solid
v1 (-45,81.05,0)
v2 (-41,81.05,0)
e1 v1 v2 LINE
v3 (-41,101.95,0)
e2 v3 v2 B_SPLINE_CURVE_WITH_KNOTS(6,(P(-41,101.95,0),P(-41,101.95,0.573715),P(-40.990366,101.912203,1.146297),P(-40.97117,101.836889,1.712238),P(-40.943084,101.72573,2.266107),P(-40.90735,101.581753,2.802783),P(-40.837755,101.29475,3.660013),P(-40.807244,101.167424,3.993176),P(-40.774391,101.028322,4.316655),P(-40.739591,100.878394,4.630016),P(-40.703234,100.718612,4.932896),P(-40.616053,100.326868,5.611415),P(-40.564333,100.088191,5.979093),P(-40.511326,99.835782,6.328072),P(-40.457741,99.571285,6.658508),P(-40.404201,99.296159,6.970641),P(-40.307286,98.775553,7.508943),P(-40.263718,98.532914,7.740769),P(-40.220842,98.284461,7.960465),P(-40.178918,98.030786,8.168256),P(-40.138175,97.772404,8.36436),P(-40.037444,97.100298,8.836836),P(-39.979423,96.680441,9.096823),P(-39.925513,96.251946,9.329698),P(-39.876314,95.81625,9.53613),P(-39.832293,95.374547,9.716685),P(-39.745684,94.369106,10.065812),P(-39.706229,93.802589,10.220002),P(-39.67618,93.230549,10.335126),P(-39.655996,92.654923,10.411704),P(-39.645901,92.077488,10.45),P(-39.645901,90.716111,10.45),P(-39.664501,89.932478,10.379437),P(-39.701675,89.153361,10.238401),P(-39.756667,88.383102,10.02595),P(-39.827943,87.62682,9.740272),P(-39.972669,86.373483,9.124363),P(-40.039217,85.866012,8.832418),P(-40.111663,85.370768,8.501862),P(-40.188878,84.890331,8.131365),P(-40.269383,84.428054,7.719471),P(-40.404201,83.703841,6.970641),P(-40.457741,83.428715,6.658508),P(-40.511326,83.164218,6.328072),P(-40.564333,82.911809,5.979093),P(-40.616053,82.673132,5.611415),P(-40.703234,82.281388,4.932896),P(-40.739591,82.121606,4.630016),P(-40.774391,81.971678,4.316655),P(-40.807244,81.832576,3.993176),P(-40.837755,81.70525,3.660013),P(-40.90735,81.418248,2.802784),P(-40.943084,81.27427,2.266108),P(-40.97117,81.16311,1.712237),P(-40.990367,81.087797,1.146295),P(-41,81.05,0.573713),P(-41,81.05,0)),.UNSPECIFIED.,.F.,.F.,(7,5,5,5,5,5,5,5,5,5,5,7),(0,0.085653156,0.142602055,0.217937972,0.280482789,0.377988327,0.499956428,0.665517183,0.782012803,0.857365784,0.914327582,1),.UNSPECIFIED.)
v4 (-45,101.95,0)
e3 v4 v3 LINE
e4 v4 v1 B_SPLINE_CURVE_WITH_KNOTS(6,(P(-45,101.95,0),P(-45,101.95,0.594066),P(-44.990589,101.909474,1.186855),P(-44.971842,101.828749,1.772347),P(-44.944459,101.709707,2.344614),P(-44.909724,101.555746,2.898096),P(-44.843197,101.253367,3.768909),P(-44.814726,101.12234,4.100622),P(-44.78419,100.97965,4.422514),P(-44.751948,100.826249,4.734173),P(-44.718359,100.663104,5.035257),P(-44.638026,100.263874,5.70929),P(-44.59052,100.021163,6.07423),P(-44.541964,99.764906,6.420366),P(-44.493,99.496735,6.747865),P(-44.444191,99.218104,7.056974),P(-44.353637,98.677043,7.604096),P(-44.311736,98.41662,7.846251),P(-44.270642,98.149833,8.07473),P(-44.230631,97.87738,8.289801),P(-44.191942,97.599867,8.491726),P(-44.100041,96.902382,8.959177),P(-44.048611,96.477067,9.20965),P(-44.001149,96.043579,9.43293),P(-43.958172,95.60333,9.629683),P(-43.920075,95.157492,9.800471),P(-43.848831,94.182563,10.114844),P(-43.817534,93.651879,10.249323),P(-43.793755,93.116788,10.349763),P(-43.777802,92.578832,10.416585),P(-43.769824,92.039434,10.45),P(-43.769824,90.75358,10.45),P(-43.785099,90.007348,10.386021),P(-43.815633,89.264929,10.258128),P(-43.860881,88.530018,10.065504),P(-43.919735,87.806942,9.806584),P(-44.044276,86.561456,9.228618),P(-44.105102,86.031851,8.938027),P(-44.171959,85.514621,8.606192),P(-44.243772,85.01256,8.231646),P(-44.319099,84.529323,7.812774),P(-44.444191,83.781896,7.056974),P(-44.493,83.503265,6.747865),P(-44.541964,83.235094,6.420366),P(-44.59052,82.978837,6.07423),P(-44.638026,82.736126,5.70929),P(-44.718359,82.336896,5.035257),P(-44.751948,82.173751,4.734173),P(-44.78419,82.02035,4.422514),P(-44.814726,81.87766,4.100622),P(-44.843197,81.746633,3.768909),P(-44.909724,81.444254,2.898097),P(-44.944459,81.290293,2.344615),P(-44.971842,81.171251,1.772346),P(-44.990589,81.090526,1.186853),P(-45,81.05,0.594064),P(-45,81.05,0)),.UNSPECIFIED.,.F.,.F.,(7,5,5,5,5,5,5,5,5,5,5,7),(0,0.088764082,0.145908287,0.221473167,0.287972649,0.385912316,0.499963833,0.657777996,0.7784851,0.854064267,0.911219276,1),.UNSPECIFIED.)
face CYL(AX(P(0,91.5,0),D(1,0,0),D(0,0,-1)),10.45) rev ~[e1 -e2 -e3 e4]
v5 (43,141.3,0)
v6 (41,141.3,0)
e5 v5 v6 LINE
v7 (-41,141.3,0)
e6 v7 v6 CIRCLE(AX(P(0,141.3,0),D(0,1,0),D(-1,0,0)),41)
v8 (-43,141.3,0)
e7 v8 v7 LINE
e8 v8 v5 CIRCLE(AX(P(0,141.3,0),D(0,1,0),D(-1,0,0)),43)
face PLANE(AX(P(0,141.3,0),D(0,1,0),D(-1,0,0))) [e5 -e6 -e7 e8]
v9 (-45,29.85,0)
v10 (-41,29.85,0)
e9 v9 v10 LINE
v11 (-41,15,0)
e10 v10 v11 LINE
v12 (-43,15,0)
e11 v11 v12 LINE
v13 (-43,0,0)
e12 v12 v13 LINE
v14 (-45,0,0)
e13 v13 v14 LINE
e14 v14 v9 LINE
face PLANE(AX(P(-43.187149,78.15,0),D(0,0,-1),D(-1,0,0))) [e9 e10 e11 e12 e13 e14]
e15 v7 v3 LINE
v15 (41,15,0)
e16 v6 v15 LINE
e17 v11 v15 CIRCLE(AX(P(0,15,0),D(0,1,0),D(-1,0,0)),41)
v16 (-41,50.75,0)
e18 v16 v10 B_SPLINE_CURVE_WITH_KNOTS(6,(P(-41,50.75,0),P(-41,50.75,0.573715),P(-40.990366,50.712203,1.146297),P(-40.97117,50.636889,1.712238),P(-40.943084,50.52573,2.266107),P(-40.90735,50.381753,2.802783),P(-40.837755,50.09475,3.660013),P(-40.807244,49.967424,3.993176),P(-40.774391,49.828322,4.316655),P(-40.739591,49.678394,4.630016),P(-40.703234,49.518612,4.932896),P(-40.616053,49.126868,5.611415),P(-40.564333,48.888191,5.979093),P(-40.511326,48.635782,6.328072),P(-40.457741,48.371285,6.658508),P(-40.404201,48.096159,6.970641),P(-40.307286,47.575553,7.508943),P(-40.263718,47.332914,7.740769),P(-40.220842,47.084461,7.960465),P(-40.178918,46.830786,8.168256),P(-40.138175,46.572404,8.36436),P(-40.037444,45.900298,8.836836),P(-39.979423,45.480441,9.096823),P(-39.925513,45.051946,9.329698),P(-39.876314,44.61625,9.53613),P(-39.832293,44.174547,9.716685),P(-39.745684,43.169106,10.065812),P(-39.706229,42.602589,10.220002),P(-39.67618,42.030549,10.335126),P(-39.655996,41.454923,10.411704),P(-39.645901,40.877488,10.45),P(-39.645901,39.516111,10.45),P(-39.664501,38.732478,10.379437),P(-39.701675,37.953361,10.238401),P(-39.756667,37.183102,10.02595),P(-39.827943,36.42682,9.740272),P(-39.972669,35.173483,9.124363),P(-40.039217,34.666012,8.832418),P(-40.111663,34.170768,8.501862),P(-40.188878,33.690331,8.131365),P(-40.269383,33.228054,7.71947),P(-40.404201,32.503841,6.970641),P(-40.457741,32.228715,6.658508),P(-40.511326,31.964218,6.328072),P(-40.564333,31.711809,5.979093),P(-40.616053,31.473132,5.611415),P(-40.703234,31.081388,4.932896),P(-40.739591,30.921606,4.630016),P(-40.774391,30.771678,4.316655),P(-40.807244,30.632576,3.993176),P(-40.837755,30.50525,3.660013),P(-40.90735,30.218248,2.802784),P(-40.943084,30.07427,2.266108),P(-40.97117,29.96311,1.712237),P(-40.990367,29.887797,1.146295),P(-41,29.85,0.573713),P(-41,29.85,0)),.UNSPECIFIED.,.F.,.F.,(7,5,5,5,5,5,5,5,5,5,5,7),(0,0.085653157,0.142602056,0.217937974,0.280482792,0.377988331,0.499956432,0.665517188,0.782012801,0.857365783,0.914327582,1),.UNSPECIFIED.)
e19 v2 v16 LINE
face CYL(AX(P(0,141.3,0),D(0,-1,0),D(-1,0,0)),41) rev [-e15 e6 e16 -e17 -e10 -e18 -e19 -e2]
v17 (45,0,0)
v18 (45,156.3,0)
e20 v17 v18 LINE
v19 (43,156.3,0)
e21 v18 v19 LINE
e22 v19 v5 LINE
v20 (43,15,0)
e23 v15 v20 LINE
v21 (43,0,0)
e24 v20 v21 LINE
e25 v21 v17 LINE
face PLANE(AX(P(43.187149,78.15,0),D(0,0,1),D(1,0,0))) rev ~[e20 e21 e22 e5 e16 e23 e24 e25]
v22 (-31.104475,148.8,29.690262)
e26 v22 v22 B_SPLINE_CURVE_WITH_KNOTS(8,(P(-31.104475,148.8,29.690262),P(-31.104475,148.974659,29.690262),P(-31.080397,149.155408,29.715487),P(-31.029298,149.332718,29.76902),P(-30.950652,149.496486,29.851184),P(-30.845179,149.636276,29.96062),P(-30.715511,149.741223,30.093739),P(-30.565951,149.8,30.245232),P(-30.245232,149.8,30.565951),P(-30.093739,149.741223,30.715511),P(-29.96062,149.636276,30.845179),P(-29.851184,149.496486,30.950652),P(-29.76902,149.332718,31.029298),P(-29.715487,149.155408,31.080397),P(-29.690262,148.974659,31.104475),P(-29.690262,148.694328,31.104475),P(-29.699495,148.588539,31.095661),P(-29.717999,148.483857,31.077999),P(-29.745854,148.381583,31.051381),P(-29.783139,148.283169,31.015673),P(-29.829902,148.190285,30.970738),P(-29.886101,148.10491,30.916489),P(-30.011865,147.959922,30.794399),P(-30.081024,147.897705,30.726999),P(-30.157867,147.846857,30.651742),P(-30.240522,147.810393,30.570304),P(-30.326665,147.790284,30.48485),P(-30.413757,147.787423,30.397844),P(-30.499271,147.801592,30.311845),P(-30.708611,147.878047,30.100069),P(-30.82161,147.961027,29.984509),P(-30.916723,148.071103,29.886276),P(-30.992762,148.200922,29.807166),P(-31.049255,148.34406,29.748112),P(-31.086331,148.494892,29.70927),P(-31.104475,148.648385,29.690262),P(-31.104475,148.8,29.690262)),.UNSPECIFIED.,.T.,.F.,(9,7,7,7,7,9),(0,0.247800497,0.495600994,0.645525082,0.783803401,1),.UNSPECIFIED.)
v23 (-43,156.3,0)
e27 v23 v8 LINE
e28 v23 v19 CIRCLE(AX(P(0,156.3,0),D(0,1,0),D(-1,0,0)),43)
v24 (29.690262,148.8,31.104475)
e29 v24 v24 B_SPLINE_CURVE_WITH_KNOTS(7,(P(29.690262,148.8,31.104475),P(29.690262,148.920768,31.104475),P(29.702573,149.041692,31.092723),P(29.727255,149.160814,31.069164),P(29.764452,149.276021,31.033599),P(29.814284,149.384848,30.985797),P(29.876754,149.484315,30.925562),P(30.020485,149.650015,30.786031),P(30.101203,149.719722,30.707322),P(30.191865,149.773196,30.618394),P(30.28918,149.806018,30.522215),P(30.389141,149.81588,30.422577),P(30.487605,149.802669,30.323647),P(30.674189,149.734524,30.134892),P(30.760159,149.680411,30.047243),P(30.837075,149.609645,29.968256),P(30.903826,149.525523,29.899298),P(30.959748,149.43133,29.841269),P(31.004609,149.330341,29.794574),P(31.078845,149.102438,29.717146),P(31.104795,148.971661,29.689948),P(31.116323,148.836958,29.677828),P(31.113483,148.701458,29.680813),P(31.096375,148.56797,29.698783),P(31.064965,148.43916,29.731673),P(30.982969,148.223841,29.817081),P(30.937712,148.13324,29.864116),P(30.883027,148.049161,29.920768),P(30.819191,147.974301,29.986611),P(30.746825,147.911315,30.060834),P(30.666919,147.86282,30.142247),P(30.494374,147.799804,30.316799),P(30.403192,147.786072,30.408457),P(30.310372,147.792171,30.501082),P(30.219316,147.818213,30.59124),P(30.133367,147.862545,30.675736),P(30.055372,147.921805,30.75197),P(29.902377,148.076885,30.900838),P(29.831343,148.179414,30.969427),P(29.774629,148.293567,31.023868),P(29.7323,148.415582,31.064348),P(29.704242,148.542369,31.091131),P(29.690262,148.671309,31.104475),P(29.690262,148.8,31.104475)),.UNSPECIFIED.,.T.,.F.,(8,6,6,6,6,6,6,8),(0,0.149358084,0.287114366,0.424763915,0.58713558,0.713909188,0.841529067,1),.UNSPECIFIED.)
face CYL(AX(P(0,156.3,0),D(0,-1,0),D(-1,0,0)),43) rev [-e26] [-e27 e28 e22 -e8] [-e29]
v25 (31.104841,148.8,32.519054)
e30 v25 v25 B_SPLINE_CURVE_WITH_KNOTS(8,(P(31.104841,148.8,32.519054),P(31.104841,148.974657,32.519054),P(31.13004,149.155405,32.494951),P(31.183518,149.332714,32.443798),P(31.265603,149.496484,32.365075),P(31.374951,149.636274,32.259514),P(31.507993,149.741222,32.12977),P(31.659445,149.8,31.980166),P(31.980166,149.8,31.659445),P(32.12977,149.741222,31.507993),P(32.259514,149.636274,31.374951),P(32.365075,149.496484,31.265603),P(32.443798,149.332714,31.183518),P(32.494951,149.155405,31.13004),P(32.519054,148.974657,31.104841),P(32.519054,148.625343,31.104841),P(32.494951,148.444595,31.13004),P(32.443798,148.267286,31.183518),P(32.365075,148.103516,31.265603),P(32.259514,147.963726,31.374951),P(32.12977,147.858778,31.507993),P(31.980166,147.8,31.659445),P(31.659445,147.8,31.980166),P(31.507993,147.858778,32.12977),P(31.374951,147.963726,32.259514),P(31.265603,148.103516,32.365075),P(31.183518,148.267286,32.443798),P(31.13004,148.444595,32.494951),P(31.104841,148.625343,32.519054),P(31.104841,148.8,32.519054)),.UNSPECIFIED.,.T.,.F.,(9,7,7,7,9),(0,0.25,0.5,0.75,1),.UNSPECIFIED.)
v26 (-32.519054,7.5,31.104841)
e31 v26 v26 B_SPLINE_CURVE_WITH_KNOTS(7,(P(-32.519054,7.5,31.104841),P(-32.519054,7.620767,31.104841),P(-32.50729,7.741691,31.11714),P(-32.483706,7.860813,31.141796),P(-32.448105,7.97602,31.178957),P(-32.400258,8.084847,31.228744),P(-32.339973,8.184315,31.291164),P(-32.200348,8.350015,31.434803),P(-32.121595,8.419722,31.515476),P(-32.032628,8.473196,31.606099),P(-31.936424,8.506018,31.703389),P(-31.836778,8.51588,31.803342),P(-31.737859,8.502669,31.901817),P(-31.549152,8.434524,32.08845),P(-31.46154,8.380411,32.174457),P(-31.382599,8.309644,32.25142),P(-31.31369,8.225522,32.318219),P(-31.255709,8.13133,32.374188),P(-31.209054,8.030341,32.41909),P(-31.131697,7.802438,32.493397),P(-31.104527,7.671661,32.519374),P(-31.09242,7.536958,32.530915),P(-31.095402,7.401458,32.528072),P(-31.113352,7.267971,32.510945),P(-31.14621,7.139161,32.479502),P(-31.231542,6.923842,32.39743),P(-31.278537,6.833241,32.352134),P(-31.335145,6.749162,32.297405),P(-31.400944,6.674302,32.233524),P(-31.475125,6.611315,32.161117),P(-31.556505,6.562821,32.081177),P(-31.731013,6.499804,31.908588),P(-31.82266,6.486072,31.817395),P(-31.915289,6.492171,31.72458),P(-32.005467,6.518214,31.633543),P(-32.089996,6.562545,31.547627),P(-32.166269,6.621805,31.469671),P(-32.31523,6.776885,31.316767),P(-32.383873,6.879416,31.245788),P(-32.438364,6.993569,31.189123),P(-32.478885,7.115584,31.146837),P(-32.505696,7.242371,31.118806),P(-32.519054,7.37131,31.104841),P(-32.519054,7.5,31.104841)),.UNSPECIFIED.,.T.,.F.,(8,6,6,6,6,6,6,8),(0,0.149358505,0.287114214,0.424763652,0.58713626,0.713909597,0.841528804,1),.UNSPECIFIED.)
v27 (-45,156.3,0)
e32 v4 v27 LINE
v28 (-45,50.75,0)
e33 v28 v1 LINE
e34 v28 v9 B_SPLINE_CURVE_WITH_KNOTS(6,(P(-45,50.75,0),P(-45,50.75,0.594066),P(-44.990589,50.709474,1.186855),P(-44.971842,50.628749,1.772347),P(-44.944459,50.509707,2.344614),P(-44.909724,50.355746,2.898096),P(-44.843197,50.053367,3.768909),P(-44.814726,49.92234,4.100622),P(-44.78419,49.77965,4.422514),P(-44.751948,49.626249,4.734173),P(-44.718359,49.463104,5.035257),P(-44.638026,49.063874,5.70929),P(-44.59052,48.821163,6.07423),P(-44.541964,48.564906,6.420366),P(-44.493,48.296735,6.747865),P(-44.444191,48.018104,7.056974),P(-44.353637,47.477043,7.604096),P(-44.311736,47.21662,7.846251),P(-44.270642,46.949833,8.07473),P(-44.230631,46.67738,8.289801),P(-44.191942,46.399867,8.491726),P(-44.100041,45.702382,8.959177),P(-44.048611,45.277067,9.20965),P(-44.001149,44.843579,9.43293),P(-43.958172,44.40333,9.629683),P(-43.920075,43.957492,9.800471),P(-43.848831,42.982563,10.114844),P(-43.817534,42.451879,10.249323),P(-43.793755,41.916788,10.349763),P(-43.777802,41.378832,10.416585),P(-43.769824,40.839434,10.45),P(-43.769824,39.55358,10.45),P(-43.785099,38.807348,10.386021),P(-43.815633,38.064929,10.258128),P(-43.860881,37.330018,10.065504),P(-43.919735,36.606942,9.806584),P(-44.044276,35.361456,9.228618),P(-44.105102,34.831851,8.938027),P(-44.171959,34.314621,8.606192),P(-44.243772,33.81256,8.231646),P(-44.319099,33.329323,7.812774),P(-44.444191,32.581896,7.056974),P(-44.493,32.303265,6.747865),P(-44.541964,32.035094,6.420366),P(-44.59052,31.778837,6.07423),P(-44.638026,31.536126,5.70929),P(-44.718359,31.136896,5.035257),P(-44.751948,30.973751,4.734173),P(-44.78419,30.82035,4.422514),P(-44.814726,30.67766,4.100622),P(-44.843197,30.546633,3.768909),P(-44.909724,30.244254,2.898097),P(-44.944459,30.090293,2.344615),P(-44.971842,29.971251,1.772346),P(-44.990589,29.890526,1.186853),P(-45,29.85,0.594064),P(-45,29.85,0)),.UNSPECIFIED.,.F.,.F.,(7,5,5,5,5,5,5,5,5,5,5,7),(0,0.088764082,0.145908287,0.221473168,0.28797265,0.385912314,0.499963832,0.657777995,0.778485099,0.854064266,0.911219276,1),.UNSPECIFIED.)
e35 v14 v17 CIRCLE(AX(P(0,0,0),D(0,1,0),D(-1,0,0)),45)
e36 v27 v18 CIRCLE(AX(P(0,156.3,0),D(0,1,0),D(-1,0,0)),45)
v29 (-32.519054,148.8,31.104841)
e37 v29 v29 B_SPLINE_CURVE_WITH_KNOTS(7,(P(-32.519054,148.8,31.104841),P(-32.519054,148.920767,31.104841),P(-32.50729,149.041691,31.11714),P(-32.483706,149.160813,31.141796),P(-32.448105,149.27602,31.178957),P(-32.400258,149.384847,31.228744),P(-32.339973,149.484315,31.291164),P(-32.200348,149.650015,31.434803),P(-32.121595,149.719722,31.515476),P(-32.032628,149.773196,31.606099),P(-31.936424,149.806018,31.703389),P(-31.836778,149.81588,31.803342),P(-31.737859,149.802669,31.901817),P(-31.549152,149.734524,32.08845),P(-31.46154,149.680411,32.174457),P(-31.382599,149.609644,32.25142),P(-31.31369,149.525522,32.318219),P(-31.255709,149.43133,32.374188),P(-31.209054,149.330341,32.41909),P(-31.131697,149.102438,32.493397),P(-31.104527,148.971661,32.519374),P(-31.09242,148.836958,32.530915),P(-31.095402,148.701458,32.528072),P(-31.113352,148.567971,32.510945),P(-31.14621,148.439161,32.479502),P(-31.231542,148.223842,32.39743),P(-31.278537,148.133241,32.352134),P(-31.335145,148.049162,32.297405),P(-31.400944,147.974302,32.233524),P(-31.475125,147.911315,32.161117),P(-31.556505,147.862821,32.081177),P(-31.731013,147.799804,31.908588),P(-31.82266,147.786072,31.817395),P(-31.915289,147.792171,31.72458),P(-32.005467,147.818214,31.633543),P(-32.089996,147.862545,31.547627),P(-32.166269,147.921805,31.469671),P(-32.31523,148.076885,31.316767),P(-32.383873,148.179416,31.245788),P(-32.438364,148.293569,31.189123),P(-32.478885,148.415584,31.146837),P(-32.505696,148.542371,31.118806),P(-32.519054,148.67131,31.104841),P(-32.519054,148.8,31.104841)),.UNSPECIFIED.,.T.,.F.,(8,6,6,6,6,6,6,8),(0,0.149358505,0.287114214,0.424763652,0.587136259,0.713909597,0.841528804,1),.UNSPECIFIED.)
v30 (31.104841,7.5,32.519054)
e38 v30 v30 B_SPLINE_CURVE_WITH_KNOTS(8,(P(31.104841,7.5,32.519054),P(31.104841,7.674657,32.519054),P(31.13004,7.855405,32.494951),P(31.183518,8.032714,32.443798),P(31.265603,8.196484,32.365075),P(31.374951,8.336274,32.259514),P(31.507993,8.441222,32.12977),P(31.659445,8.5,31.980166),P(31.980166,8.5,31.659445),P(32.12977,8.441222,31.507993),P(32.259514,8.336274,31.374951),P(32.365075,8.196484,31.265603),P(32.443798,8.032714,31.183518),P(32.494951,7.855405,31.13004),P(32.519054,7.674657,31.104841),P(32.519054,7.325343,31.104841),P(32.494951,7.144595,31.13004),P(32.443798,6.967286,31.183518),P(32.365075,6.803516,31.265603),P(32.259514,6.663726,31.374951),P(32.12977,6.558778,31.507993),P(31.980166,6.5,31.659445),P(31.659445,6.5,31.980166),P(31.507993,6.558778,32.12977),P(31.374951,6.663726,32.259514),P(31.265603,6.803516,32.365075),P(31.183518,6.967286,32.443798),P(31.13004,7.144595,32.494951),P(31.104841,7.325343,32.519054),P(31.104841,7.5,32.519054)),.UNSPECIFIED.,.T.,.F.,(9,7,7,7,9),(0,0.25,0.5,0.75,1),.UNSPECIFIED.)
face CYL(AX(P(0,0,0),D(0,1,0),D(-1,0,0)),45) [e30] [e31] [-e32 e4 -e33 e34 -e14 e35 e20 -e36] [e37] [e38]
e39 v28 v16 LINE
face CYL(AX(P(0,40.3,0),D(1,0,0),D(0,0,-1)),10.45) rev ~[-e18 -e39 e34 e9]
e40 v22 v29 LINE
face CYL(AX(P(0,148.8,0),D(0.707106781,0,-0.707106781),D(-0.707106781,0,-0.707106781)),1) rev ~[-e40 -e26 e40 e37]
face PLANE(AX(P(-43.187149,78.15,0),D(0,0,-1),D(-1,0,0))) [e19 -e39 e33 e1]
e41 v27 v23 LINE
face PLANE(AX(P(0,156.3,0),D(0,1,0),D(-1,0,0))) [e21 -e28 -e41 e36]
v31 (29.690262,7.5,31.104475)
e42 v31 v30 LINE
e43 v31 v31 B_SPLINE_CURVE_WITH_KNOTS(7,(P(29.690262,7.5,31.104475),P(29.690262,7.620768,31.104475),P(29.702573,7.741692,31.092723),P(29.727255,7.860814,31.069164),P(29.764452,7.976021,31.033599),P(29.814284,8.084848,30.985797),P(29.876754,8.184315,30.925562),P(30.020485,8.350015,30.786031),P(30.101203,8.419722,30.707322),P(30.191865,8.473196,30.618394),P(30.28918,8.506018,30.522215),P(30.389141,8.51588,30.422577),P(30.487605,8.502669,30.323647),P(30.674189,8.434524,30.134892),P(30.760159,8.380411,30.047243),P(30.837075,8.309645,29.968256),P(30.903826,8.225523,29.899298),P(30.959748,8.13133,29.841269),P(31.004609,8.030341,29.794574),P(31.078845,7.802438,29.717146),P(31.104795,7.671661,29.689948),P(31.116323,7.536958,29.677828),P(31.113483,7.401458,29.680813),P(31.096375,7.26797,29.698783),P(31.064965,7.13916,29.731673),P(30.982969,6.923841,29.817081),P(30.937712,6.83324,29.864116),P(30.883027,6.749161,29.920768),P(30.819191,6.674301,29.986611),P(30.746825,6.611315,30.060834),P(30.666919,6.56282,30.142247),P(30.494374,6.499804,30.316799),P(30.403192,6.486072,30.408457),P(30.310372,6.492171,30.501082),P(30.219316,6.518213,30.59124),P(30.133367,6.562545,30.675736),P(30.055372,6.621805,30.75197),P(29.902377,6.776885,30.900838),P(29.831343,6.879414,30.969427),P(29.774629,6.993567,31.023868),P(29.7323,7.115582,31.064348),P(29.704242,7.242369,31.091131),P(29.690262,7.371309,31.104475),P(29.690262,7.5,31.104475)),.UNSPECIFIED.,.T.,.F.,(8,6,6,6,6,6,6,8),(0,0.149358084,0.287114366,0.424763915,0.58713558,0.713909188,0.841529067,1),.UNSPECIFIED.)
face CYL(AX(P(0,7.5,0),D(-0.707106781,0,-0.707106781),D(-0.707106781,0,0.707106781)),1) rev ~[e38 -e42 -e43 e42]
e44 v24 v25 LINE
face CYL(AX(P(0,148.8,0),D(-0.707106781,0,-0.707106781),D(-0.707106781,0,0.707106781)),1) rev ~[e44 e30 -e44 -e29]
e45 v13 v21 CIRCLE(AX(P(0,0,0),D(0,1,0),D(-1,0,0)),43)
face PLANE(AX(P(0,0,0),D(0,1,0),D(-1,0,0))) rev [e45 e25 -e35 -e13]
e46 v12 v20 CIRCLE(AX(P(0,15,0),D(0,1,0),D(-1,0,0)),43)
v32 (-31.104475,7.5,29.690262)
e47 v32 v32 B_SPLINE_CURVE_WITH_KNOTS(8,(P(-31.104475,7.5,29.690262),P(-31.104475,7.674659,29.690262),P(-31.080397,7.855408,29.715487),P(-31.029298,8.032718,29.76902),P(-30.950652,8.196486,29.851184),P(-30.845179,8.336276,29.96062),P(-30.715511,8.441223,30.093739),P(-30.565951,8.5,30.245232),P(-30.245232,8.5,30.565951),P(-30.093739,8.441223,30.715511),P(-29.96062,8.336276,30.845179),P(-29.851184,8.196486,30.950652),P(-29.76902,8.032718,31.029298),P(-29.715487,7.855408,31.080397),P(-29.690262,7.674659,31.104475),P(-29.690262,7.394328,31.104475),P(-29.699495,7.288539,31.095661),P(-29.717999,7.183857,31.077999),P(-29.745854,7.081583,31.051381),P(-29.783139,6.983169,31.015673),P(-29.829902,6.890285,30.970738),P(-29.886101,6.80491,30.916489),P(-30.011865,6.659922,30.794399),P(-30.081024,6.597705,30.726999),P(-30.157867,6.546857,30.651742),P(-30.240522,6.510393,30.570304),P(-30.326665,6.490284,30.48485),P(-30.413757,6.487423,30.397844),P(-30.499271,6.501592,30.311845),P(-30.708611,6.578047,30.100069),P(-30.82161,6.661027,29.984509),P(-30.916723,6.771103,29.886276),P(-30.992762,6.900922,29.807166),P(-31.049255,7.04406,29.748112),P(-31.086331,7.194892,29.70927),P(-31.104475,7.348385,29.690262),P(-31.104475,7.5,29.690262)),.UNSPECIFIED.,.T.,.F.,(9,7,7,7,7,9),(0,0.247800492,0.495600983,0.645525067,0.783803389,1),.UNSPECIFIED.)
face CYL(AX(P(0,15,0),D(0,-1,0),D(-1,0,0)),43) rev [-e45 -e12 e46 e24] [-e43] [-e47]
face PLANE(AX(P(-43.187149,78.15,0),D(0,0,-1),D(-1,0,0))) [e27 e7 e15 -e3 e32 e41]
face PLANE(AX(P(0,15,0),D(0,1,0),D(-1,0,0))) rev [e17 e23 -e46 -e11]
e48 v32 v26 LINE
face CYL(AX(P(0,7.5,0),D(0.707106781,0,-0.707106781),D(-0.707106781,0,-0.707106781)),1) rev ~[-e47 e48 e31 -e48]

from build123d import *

# Parameters (mm, degrees)
REVOLVE1_ANGLE     = 180
SKETCH2_R          = 10.45
CUT_EXTRUDE1_DEPTH = 169.759266412
SKETCH3_R          = 1
CUT_EXTRUDE2_DEPTH = 169.759266558
CIRPATTERN1_COUNT  = 4


with BuildPart() as part:
    # Sketch1 → Revolve1 (revolve)
    with BuildSketch(Plane.XY):
        Polygon((-45, 0), (-45, 156.3), (-43, 156.3), (-43, 141.3), (-41, 141.3), (-41, 15), (-43, 15), (-43, 0), align=None)
    revolve(axis=Axis((0, 0, 0), (0, 1, 0)), revolution_arc=REVOLVE1_ANGLE)

    # Sketch2 → Cut-Extrude1 (cut, through all)
    with BuildSketch(Plane(origin=(0, 0, 0), x_dir=(0, 0, -1), z_dir=(1, 0, 0))):
        with Locations((0, 40.3)):
            Circle(SKETCH2_R)
        with Locations((0, 91.5)):
            Circle(SKETCH2_R)
    extrude(amount=-CUT_EXTRUDE1_DEPTH, mode=Mode.SUBTRACT)

    # Sketch3 → Cut-Extrude2 (cut, through all)
    with BuildSketch(Plane(origin=(0, 0, 0), x_dir=(0, 1, 0), z_dir=(0.7071067811865464, 0, -0.7071067811865488))):
        with Locations(Location((7.5, 0, 0), (0, 0, 270))):
            Circle(SKETCH3_R)
        with Locations(Location((148.8, 0, 0), (0, 0, 270))):
            Circle(SKETCH3_R)
    cut_extrude2 = extrude(amount=-CUT_EXTRUDE2_DEPTH, mode=Mode.SUBTRACT)

    # CirPattern1: Cut-Extrude2 ×4 about axis
    cirpattern1_axis = Axis((0, 0, 0), (0, -1, 0))
    for i in range(1, CIRPATTERN1_COUNT):
        add(cut_extrude2.rotate(cirpattern1_axis, i * 360 / CIRPATTERN1_COUNT), mode=Mode.SUBTRACT)


solid = part.part
